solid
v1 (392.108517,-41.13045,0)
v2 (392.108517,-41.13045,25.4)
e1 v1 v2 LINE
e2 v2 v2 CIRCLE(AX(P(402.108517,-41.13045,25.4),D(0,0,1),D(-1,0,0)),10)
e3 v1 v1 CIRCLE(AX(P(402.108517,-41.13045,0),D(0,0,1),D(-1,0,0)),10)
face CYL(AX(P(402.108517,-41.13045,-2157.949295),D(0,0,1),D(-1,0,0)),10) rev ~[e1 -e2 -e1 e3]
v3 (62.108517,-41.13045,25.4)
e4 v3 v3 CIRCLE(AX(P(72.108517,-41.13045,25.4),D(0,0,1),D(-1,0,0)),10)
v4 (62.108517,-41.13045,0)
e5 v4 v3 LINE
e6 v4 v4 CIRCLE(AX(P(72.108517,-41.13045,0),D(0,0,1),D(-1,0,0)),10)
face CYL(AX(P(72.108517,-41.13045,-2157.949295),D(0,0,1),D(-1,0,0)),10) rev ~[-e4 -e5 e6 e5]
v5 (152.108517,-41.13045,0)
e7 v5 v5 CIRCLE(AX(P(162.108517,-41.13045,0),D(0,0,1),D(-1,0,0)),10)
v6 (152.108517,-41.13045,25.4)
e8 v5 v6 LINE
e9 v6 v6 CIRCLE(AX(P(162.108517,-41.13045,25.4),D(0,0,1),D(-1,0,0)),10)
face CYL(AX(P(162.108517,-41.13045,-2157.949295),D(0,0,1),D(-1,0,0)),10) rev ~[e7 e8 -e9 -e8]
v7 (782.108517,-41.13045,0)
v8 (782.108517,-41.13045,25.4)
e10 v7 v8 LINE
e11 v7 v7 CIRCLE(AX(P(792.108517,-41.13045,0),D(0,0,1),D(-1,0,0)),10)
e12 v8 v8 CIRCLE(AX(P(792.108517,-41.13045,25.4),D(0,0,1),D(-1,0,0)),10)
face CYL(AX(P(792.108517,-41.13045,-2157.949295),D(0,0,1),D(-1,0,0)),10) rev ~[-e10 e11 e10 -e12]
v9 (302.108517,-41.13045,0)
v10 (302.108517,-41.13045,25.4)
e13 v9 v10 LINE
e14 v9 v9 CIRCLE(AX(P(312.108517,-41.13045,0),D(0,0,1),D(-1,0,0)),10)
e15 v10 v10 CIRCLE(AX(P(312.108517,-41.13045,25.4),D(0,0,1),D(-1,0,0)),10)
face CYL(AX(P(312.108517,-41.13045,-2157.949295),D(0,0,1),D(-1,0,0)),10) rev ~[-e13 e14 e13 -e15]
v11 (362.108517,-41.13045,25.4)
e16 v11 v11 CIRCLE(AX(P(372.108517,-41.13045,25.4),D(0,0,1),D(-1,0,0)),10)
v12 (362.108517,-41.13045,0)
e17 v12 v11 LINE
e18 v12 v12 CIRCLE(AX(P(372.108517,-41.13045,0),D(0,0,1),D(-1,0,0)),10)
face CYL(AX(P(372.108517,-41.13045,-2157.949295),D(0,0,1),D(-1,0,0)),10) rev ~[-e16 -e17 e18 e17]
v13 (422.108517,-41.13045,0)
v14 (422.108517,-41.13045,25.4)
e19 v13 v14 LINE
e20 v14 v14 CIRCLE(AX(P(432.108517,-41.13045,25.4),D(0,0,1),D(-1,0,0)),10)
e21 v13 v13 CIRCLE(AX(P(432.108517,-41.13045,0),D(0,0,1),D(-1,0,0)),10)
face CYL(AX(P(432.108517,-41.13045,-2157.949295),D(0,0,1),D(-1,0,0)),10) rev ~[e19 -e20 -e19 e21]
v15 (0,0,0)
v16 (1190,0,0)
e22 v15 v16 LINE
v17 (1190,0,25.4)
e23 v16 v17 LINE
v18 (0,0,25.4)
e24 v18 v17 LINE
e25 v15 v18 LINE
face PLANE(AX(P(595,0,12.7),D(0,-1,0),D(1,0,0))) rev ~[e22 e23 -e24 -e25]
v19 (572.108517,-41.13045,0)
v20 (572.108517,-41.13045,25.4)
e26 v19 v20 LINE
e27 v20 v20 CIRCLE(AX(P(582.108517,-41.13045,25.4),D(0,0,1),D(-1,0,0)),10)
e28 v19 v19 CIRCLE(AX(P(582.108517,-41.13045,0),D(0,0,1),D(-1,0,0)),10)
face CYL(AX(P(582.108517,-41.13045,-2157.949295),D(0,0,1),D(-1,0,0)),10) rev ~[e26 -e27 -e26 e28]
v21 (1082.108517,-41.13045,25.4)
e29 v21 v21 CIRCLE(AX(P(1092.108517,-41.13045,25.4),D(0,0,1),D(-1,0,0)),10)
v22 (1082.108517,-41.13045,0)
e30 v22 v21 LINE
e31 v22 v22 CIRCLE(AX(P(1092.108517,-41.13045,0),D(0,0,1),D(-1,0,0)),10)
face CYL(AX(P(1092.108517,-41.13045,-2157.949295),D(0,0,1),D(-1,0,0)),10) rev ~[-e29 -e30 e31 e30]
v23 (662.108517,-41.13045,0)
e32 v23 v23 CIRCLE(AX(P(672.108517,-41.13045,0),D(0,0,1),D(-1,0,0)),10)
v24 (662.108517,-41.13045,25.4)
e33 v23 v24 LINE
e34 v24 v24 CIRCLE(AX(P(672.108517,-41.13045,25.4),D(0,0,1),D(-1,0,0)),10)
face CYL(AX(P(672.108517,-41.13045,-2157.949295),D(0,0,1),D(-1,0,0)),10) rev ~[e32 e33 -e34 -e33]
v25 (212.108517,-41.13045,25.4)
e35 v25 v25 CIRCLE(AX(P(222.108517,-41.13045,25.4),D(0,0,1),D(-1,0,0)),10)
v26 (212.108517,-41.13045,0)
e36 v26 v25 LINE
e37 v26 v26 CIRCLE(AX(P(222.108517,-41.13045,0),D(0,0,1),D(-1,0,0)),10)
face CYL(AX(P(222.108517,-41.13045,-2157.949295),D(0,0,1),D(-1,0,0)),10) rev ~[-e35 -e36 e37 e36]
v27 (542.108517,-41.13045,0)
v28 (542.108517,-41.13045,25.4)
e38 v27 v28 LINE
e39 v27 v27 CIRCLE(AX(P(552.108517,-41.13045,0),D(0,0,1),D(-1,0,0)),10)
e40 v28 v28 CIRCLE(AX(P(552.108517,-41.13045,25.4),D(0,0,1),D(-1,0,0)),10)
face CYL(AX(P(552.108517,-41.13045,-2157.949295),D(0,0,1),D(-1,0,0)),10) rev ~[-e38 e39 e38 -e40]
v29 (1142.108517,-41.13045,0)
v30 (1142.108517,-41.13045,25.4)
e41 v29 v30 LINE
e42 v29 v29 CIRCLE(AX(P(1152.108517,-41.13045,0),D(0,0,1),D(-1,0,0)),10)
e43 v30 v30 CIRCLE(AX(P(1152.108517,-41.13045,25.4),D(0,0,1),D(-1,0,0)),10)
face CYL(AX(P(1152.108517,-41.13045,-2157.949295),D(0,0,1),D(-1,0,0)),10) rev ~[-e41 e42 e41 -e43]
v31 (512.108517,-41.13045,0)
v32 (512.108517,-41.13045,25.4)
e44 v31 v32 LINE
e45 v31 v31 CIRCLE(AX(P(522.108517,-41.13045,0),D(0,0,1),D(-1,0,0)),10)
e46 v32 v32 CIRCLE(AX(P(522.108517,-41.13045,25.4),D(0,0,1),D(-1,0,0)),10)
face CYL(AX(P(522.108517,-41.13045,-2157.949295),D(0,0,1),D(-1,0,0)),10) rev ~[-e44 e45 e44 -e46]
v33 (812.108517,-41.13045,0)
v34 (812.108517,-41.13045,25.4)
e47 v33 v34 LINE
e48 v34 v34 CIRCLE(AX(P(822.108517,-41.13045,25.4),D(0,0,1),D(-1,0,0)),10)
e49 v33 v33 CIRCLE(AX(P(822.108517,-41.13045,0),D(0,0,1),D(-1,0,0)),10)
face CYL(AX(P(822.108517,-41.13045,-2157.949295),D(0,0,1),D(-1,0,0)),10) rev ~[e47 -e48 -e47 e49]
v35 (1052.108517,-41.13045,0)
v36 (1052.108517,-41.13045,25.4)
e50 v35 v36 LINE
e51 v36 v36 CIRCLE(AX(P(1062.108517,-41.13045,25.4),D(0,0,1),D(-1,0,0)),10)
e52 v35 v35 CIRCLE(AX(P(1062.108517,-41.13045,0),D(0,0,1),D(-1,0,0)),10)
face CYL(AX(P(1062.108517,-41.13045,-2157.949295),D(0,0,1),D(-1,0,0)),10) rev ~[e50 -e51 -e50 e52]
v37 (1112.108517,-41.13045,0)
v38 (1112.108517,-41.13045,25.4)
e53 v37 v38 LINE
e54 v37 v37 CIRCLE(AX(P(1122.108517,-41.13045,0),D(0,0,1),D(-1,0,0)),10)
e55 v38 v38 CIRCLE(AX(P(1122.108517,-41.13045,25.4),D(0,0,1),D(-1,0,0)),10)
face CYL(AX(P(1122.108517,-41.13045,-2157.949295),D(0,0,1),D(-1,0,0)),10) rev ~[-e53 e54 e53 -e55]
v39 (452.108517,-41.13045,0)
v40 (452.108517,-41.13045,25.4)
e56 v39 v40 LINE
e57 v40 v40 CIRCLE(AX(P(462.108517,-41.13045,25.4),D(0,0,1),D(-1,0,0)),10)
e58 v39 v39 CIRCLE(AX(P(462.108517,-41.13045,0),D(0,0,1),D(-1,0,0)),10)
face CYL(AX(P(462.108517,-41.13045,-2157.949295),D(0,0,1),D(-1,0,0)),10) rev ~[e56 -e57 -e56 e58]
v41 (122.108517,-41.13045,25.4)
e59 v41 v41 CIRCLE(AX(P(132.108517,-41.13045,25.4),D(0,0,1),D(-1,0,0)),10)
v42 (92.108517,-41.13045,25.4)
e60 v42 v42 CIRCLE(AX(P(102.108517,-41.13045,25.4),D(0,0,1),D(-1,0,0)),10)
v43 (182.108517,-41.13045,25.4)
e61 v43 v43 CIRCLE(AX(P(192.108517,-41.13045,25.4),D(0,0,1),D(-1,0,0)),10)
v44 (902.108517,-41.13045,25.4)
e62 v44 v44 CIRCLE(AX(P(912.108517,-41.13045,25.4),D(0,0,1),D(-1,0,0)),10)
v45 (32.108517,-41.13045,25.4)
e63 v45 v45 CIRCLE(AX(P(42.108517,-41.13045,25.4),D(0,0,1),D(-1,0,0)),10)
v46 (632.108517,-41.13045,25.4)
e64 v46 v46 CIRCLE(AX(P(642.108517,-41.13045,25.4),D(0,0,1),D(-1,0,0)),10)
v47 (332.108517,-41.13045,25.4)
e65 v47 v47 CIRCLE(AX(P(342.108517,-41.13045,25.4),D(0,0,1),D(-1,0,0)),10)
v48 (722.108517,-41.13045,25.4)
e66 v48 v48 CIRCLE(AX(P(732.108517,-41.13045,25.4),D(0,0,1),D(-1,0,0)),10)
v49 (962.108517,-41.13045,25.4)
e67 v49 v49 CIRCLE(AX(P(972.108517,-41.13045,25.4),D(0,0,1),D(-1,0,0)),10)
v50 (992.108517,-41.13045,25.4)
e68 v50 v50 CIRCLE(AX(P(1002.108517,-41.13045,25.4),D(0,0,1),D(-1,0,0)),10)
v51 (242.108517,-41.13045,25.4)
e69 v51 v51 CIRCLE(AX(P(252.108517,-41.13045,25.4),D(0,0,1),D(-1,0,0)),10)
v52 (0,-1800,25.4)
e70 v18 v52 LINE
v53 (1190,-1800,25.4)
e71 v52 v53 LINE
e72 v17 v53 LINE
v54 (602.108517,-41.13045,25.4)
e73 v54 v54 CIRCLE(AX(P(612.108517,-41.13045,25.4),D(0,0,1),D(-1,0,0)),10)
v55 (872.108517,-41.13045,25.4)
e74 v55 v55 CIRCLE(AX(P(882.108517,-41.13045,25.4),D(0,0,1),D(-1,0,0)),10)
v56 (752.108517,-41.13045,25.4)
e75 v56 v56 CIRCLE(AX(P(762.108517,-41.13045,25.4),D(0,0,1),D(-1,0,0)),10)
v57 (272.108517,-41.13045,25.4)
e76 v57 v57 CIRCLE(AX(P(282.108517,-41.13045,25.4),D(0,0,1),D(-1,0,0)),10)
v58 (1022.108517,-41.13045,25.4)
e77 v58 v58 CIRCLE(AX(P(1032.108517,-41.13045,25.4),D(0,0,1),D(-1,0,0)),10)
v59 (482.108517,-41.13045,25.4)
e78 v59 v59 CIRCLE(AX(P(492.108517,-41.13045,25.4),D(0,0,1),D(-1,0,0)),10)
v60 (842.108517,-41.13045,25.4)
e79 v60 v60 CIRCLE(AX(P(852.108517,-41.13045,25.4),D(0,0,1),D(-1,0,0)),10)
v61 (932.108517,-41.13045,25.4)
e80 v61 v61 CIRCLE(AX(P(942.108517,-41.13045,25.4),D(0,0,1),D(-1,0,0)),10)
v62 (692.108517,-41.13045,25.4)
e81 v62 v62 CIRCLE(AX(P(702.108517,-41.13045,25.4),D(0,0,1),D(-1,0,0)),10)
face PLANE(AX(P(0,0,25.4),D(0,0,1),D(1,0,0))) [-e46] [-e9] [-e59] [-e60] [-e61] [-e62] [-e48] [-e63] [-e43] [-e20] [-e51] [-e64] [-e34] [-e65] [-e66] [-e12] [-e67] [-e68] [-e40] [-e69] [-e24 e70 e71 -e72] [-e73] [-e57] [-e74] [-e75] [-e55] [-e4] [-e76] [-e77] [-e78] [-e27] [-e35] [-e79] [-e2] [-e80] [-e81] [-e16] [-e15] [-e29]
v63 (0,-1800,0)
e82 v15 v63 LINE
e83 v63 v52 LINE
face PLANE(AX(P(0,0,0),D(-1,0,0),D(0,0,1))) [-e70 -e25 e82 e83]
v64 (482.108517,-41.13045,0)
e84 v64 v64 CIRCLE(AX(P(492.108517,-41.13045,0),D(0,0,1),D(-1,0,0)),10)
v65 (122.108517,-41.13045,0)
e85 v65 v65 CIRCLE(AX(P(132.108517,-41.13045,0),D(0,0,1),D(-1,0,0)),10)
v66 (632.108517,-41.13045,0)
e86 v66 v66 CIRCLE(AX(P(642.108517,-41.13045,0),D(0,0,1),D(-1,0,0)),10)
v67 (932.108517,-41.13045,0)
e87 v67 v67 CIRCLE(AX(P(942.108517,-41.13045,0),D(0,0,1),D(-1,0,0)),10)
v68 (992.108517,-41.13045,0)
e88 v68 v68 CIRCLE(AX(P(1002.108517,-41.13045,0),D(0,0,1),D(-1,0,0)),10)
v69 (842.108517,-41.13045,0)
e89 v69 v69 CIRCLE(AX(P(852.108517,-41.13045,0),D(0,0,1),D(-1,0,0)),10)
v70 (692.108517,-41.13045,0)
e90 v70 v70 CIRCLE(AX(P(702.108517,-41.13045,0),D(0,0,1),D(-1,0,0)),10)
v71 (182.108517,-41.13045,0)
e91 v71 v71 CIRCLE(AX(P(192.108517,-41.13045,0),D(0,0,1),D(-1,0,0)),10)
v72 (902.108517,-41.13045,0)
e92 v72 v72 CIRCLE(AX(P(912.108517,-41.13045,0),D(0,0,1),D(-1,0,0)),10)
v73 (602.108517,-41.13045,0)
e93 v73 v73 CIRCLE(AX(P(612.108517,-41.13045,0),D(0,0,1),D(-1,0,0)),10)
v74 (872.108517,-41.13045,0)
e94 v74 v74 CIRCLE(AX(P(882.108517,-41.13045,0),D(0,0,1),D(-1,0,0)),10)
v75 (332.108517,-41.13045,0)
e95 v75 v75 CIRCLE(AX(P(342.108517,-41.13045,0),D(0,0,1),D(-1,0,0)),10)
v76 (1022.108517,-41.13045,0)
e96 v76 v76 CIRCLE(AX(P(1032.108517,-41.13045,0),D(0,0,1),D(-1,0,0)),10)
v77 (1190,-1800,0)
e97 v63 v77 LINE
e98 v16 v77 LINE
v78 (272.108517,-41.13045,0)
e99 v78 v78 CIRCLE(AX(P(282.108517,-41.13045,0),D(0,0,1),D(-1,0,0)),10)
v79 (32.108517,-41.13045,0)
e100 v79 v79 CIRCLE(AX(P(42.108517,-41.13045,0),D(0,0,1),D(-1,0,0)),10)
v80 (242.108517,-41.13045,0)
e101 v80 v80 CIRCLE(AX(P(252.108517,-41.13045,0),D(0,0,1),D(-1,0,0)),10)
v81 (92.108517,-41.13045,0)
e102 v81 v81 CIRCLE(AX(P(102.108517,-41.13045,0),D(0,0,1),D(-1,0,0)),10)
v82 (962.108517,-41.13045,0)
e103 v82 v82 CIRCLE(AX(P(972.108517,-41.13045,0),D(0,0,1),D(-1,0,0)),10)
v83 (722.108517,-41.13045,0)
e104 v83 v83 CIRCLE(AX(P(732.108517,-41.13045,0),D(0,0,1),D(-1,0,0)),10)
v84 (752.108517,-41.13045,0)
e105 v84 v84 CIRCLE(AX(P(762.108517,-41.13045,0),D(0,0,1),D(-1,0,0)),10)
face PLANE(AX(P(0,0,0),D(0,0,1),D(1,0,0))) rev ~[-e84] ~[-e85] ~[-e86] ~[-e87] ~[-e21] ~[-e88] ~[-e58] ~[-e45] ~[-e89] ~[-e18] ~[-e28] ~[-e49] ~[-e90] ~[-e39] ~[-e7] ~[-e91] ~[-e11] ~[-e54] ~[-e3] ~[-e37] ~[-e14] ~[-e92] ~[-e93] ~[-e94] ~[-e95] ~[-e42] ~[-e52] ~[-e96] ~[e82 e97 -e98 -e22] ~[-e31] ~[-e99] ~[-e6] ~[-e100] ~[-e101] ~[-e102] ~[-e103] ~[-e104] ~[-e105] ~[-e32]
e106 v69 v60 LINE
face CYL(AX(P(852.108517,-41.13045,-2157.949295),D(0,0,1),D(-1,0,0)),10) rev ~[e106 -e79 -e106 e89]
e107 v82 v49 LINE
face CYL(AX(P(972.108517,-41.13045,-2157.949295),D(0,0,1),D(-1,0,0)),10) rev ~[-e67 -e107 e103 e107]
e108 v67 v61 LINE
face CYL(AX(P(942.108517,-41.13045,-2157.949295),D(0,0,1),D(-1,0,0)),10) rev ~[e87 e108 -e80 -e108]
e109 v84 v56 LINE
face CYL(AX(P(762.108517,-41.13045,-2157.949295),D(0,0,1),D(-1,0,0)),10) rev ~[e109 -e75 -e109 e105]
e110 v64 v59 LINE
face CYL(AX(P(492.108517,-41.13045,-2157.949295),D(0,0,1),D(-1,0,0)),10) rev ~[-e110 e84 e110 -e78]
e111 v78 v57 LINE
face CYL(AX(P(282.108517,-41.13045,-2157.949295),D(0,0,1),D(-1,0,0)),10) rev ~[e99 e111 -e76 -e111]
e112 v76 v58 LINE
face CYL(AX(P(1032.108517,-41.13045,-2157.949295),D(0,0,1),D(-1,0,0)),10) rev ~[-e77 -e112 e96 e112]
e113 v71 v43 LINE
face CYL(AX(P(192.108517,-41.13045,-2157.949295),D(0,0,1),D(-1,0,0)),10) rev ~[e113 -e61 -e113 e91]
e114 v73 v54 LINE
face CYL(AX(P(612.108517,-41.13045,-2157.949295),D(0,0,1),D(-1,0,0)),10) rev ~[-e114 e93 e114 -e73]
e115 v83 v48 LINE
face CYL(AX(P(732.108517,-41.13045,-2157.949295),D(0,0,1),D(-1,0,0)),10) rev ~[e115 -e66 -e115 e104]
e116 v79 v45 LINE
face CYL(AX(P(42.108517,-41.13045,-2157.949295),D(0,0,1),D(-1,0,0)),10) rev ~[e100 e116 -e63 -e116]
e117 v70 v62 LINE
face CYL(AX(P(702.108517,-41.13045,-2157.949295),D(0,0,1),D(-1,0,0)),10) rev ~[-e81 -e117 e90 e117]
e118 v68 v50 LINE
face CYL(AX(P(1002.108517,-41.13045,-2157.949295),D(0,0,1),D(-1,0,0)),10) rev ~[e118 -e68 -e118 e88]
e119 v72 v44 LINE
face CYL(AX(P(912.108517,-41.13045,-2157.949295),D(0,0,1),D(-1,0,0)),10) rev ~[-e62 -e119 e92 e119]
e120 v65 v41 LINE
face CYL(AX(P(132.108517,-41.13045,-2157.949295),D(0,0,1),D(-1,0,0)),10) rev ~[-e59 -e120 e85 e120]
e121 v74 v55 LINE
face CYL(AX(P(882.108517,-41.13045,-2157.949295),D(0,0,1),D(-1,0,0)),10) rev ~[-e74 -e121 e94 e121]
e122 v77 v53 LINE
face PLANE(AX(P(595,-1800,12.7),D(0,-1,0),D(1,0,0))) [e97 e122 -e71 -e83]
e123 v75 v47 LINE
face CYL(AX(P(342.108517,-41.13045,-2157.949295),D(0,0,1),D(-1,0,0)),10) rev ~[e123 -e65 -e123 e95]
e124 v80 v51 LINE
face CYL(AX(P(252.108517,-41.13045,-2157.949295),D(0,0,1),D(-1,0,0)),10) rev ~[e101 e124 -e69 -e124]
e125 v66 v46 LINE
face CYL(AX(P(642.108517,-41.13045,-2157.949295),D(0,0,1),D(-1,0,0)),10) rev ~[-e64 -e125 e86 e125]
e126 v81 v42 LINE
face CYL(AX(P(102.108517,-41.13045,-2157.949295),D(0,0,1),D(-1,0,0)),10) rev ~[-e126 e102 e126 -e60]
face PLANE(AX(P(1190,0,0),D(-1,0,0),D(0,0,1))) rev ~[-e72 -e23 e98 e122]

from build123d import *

# Parameters (mm, degrees)
F0_W     = 1190
F0_H     = 25.4
F1_DEPTH = 1800
F3_D     = 20


with BuildPart() as f1:
    # F0 (on Front) → F1 (new body)
    with BuildSketch(Plane.XZ):
        with Locations((595, 12.7)):
            Rectangle(F0_W, F0_H)
    extrude(amount=F1_DEPTH)

    # F3 (through all)
    with Locations(Plane(origin=(0, 0, 0), x_dir=(1, 0, 0), z_dir=(0, 0, -1))):
        with Locations((42.1085171402, 41.1304496229), (72.1085171402, 41.1304496229), (102.1085171402, 41.1304496229), (132.1085171402, 41.1304496229), (162.1085171402, 41.1304496229), (192.1085171402, 41.1304496229), (222.1085171402, 41.1304496229), (252.1085171402, 41.1304496229), (282.1085171402, 41.1304496229), (312.1085171402, 41.1304496229), (342.1085171402, 41.1304496229), (372.1085171402, 41.1304496229), (402.1085171402, 41.1304496229), (432.1085171402, 41.1304496229), (462.1085171402, 41.1304496229), (492.1085171402, 41.1304496229), (522.1085171402, 41.1304496229), (552.1085171402, 41.1304496229), (582.1085171402, 41.1304496229), (612.1085171402, 41.1304496229), (642.1085171402, 41.1304496229), (672.1085171402, 41.1304496229), (702.1085171401, 41.1304496229), (732.1085171402, 41.1304496229), (762.1085171402, 41.1304496229), (792.1085171402, 41.1304496229), (822.1085171402, 41.1304496229), (852.1085171401, 41.1304496229), (882.1085171402, 41.1304496229), (912.1085171402, 41.1304496229), (942.1085171401, 41.1304496229), (972.1085171401, 41.1304496229), (1002.1085171402, 41.1304496229), (1032.1085171402, 41.1304496229), (1062.1085171402, 41.1304496229), (1092.1085171402, 41.1304496229), (1122.1085171402, 41.1304496229), (1152.1085171401, 41.1304496229)):
            Hole(F3_D / 2)


solid = f1.part
